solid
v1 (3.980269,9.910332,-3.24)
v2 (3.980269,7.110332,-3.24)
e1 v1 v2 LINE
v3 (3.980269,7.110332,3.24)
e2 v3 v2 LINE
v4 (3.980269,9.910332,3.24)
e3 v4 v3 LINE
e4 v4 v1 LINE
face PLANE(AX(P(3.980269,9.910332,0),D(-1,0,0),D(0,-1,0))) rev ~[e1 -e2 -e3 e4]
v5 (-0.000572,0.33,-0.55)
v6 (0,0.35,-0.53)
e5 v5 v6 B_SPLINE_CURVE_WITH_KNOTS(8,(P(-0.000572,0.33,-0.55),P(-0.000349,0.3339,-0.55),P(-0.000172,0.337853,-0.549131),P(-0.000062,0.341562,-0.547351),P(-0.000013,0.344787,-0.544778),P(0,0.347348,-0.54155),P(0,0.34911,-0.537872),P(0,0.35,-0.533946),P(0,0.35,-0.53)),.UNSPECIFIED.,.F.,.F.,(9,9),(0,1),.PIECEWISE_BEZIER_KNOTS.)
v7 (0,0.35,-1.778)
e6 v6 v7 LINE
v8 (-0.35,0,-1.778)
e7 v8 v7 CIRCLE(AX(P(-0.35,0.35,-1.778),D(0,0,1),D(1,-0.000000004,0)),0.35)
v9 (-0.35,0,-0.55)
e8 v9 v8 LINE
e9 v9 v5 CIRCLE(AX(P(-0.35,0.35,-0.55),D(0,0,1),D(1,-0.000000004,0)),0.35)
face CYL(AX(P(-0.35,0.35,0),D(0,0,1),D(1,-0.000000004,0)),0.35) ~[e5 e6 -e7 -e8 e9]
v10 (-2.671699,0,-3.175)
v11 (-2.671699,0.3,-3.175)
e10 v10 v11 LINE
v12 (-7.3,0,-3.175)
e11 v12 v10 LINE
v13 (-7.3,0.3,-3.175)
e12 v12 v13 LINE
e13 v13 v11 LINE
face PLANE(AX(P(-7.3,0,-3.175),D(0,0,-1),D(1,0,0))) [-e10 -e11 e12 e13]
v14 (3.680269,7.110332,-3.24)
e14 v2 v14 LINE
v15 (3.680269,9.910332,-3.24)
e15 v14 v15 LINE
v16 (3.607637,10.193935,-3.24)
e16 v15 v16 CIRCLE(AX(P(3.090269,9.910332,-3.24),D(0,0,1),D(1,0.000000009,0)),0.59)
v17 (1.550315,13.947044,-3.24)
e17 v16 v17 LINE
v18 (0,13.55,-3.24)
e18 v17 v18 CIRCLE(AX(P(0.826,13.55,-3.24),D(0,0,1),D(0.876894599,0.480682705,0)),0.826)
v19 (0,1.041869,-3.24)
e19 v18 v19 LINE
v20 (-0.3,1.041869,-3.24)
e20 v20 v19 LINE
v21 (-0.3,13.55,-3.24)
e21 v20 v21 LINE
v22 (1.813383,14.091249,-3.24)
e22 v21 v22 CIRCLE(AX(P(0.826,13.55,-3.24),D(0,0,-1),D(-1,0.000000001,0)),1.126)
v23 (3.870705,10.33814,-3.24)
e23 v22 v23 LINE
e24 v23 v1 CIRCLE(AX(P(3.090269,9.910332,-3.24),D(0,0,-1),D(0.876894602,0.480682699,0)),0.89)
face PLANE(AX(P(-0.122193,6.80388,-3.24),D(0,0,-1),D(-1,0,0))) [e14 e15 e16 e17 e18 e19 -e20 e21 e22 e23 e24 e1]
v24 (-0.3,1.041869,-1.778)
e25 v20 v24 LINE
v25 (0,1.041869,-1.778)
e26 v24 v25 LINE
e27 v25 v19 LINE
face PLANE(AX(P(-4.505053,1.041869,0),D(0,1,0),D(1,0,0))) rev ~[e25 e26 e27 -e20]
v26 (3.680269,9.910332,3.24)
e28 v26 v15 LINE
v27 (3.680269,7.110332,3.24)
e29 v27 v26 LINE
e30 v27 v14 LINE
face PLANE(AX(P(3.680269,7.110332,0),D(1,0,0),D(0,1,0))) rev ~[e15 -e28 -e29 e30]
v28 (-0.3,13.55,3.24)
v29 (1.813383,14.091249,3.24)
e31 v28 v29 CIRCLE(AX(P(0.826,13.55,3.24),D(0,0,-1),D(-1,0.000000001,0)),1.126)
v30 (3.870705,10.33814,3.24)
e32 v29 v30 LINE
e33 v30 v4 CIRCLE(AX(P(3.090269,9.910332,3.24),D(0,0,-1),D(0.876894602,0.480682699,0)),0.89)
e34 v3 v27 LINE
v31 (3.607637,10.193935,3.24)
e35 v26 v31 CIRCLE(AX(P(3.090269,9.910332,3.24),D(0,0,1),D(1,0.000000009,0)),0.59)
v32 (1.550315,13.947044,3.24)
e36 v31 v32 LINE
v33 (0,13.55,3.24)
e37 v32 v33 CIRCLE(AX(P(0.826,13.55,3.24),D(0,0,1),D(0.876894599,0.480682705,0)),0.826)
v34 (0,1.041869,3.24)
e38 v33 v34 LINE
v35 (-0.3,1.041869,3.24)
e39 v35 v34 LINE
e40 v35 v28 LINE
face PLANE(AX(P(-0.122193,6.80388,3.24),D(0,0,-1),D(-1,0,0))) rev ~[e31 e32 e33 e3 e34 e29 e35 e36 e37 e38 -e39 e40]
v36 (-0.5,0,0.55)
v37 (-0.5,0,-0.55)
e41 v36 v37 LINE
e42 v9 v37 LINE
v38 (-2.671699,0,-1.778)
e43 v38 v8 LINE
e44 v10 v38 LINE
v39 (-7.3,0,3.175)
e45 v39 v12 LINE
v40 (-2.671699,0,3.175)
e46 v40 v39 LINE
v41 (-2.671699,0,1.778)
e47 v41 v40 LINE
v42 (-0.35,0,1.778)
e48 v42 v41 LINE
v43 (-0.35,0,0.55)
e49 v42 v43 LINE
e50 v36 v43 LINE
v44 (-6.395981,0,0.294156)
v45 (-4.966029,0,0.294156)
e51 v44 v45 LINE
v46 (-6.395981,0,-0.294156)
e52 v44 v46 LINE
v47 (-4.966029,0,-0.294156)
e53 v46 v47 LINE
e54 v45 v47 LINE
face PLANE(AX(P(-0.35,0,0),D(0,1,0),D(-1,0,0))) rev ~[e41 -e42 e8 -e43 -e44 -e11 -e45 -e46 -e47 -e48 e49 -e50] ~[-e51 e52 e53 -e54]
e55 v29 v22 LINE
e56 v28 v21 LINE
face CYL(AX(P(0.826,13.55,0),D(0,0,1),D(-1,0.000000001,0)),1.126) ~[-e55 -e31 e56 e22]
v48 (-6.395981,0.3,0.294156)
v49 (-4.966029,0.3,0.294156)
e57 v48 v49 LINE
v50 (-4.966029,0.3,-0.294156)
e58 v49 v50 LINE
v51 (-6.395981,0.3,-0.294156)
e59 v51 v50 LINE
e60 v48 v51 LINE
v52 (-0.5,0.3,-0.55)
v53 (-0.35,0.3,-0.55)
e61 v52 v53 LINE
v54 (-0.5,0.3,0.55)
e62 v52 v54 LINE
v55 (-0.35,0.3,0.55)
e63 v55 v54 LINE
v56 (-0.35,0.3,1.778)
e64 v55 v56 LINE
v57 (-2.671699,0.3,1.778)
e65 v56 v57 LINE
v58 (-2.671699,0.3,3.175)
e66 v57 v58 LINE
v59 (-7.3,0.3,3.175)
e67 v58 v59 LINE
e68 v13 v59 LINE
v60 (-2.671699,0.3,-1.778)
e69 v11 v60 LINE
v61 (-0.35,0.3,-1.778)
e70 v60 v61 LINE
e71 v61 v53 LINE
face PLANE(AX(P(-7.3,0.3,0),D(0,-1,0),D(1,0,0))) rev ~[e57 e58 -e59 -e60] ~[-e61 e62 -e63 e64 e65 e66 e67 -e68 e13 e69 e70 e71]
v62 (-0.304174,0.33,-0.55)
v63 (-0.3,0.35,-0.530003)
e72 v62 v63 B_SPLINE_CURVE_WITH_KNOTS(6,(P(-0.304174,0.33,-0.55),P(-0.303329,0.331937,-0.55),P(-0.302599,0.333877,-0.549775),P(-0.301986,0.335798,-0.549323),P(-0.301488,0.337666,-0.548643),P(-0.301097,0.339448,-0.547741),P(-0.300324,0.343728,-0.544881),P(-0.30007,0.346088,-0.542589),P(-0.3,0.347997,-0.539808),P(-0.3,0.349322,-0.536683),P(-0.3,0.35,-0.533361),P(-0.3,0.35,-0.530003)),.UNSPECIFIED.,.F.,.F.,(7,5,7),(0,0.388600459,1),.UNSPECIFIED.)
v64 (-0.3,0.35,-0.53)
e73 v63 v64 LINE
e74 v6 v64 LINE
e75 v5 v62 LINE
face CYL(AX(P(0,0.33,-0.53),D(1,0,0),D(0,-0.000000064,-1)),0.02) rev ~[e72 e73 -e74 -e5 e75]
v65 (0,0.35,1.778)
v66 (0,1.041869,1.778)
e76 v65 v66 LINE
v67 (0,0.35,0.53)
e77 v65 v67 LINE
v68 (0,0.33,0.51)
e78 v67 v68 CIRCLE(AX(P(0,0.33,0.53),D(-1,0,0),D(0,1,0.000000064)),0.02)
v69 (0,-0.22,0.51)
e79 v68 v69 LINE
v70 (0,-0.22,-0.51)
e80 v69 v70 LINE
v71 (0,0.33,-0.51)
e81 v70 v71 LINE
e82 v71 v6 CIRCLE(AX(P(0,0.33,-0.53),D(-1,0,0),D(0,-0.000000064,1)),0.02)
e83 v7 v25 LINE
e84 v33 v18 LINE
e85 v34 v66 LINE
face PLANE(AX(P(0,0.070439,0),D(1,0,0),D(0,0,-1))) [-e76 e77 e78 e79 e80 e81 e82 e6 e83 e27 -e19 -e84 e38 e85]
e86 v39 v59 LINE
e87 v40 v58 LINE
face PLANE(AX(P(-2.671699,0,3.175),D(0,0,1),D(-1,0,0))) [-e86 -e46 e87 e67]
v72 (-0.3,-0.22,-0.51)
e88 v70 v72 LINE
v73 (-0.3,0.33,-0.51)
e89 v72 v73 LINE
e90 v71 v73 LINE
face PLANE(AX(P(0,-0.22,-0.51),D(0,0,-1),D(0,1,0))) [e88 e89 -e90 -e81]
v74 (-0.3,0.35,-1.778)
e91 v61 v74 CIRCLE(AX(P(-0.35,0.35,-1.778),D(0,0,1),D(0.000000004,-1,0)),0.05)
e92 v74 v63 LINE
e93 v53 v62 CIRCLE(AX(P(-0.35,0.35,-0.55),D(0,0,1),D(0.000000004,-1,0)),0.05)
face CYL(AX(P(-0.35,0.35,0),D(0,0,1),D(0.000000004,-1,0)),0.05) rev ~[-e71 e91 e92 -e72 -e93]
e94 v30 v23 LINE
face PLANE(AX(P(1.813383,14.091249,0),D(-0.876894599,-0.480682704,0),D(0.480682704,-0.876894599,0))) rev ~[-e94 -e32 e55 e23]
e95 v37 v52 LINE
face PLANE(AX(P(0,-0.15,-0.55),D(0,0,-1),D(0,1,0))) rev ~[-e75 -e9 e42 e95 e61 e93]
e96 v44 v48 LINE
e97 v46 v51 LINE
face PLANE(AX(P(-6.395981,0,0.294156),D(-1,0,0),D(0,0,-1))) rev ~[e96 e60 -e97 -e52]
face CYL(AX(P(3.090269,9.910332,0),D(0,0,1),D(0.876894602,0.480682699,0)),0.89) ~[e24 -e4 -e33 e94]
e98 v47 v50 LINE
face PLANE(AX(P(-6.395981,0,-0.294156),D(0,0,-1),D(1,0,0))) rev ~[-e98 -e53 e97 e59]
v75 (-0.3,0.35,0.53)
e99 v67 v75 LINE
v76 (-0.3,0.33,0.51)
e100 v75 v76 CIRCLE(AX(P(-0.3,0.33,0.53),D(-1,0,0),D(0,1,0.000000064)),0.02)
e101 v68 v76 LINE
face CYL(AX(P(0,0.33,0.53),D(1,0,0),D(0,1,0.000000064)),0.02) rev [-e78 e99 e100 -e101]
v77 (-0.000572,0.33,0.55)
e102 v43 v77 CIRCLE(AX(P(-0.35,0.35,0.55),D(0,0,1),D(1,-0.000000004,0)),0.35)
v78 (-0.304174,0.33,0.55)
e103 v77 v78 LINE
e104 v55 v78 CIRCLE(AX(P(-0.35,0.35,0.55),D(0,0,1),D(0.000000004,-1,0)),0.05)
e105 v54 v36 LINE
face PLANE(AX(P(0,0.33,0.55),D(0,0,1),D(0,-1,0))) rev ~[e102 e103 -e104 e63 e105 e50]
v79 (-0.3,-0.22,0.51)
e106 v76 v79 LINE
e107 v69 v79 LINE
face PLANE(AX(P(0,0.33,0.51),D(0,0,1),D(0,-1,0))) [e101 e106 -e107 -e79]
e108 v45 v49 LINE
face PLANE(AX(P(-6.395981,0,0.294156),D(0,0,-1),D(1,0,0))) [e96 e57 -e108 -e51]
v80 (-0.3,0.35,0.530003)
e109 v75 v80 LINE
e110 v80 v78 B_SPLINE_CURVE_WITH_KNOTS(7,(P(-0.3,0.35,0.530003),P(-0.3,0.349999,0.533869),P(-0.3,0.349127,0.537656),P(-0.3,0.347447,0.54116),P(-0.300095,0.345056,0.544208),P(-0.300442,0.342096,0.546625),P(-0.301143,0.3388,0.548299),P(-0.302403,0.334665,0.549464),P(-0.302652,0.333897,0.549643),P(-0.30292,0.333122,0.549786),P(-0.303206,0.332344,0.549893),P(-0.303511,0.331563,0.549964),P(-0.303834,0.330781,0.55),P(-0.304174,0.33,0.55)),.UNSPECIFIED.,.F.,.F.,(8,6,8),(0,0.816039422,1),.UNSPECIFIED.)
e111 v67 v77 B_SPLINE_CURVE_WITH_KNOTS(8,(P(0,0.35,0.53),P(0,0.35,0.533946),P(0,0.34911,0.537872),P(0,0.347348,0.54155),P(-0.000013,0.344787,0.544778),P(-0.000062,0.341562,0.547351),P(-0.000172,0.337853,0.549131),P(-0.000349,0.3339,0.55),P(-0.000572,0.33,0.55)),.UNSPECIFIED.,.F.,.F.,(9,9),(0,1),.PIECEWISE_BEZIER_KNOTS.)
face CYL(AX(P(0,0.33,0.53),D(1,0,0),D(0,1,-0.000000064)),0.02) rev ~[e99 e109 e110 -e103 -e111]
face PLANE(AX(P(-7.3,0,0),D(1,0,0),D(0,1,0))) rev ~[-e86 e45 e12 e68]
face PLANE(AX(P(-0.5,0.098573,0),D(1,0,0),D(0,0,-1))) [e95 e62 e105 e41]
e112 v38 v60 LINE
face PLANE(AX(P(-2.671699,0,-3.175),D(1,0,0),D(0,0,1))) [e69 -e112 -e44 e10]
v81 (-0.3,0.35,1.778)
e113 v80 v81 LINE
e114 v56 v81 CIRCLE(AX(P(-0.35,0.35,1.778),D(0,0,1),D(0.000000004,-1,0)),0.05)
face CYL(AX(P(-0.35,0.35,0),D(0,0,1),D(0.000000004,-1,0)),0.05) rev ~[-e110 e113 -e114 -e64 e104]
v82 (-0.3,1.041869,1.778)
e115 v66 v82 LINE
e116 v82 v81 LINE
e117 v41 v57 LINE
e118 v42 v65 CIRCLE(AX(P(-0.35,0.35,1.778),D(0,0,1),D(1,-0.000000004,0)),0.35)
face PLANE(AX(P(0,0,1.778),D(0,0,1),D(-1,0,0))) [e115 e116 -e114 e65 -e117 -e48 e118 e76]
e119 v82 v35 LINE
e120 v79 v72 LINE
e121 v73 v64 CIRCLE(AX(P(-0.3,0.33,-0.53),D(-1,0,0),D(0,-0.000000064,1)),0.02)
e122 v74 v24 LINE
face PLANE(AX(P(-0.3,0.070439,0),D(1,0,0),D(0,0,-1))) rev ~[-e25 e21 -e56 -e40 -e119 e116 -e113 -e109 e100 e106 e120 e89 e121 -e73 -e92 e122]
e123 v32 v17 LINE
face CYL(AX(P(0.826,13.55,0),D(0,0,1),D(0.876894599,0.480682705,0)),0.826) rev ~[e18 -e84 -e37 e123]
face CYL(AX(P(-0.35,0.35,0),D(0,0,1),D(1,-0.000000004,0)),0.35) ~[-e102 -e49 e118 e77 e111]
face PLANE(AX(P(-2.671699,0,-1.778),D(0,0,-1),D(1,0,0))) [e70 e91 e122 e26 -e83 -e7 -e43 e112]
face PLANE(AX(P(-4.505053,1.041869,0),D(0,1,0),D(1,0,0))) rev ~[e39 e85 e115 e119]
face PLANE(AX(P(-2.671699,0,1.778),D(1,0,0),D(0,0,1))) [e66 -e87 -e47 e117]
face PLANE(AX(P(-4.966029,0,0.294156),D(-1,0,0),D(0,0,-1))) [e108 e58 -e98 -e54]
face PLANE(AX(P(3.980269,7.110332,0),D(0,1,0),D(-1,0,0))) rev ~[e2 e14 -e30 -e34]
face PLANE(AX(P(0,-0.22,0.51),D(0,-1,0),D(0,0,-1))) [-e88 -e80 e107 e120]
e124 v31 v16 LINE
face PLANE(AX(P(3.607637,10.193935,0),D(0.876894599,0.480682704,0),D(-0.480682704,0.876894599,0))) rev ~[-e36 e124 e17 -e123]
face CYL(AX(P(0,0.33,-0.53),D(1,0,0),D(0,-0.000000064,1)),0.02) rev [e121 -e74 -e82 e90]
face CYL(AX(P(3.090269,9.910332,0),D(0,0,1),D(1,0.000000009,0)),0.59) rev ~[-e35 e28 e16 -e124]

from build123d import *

# Parameters (mm, degrees)
Y_KSEKLIK_EKSTR_ZYON1_DEPTH = 3.24
IZIM2_W                     = 1.429951724
IZIM2_H                     = 0.588312172
KES_EKSTR_ZYON1_DEPTH       = 1.04186858
KES_EKSTR_ZYON2_DEPTH       = 0.5
Y_KSEKLIK_EKSTR_ZYON2_DEPTH = 0.3


with BuildPart() as part:
    # Çizim1 → Yükseklik-Ekstrüzyon1 (new, symmetric)
    with BuildSketch(Plane.XY):
        with BuildLine():
            Line((-0.3, 0.35), (-0.3, 13.55))
            ThreePointArc((-0.3, 13.55), (0.546641464, 14.640795493), (1.813383319, 14.091248725))
            Line((1.813383319, 14.091248725), (3.870705293, 10.338139841))
            ThreePointArc((3.870705293, 10.338139841), (3.952443157, 10.131139603), (3.9802691, 9.910332234))
            Line((3.9802691, 9.910332234), (3.9802691, 7.110332234))
            Line((3.9802691, 7.110332234), (3.6802691, 7.110332234))
            Line((3.6802691, 7.110332234), (3.6802691, 9.910332234))
            ThreePointArc((3.6802691, 9.910332234), (3.661822688, 10.056710153), (3.607636913, 10.19393503))
            Line((3.607636913, 10.19393503), (1.550314939, 13.947043914))
            ThreePointArc((1.550314939, 13.947043914), (0.621070914, 14.350175024), (0, 13.55))
            Line((0, 13.55), (0, 0.35))
            ThreePointArc((0, 0.35), (-0.102512627, 0.102512627), (-0.35, 0))
            Line((-0.35, 0), (-7.3, 0))
            Line((-7.3, 0), (-7.3, 0.3))
            Line((-7.3, 0.3), (-0.35, 0.3))
            ThreePointArc((-0.35, 0.3), (-0.314644661, 0.314644661), (-0.3, 0.35))
        make_face()
    extrude(amount=Y_KSEKLIK_EKSTR_ZYON1_DEPTH, both=True)

    # Çizim2 → Kes-Ekstrüzyon1 (cut)
    with BuildSketch(Plane(origin=(0, 0, 0), x_dir=(1, 0, 0), z_dir=(0, 1, 0))):
        Polygon((0, -4), (0, -1.778), (-2.671699332, -1.778), (-2.671699332, -3.175), (-7.3, -3.175), (-7.3, 3.175), (-2.671699332, 3.175), (-2.671699332, 1.778), (0, 1.778), (0, 4), (-8, 4), (-8, -4), align=None)
        with Locations((-5.68100521, 0)):
            Rectangle(IZIM2_W, IZIM2_H)
    extrude(amount=KES_EKSTR_ZYON1_DEPTH, mode=Mode.SUBTRACT)

    # Çizim4 → Kes-Ekstrüzyon2 (cut)
    with BuildSketch(Plane(origin=(0, 0, 0), x_dir=(0, 0, -1), z_dir=(1, 0, 0))):
        with BuildLine():
            Line((-0.55, -0.15), (0.55, -0.15))
            Line((0.55, -0.15), (0.55, 0.33))
            ThreePointArc((0.55, 0.33), (0.544142136, 0.344142136), (0.53, 0.35))
            Line((0.53, 0.35), (-0.53, 0.35))
            ThreePointArc((-0.53, 0.35), (-0.544142136, 0.344142136), (-0.55, 0.33))
            Line((-0.55, 0.33), (-0.55, -0.15))
        make_face()
    extrude(amount=-KES_EKSTR_ZYON2_DEPTH, mode=Mode.SUBTRACT)

    # Çizim5 → Yükseklik-Ekstrüzyon2 (add)
    with BuildSketch(Plane(origin=(0, 0, 0), x_dir=(0, 0, -1), z_dir=(1, 0, 0))):
        with BuildLine():
            Line((-0.51, -0.22), (0.51, -0.22))
            Line((0.51, -0.22), (0.51, 0.33))
            ThreePointArc((0.51, 0.33), (0.515857864, 0.344142136), (0.53, 0.35))
            Line((0.53, 0.35), (-0.53, 0.35))
            ThreePointArc((-0.53, 0.35), (-0.515857864, 0.344142136), (-0.51, 0.33))
            Line((-0.51, 0.33), (-0.51, -0.22))
        make_face()
    extrude(amount=-Y_KSEKLIK_EKSTR_ZYON2_DEPTH)


solid = part.part
